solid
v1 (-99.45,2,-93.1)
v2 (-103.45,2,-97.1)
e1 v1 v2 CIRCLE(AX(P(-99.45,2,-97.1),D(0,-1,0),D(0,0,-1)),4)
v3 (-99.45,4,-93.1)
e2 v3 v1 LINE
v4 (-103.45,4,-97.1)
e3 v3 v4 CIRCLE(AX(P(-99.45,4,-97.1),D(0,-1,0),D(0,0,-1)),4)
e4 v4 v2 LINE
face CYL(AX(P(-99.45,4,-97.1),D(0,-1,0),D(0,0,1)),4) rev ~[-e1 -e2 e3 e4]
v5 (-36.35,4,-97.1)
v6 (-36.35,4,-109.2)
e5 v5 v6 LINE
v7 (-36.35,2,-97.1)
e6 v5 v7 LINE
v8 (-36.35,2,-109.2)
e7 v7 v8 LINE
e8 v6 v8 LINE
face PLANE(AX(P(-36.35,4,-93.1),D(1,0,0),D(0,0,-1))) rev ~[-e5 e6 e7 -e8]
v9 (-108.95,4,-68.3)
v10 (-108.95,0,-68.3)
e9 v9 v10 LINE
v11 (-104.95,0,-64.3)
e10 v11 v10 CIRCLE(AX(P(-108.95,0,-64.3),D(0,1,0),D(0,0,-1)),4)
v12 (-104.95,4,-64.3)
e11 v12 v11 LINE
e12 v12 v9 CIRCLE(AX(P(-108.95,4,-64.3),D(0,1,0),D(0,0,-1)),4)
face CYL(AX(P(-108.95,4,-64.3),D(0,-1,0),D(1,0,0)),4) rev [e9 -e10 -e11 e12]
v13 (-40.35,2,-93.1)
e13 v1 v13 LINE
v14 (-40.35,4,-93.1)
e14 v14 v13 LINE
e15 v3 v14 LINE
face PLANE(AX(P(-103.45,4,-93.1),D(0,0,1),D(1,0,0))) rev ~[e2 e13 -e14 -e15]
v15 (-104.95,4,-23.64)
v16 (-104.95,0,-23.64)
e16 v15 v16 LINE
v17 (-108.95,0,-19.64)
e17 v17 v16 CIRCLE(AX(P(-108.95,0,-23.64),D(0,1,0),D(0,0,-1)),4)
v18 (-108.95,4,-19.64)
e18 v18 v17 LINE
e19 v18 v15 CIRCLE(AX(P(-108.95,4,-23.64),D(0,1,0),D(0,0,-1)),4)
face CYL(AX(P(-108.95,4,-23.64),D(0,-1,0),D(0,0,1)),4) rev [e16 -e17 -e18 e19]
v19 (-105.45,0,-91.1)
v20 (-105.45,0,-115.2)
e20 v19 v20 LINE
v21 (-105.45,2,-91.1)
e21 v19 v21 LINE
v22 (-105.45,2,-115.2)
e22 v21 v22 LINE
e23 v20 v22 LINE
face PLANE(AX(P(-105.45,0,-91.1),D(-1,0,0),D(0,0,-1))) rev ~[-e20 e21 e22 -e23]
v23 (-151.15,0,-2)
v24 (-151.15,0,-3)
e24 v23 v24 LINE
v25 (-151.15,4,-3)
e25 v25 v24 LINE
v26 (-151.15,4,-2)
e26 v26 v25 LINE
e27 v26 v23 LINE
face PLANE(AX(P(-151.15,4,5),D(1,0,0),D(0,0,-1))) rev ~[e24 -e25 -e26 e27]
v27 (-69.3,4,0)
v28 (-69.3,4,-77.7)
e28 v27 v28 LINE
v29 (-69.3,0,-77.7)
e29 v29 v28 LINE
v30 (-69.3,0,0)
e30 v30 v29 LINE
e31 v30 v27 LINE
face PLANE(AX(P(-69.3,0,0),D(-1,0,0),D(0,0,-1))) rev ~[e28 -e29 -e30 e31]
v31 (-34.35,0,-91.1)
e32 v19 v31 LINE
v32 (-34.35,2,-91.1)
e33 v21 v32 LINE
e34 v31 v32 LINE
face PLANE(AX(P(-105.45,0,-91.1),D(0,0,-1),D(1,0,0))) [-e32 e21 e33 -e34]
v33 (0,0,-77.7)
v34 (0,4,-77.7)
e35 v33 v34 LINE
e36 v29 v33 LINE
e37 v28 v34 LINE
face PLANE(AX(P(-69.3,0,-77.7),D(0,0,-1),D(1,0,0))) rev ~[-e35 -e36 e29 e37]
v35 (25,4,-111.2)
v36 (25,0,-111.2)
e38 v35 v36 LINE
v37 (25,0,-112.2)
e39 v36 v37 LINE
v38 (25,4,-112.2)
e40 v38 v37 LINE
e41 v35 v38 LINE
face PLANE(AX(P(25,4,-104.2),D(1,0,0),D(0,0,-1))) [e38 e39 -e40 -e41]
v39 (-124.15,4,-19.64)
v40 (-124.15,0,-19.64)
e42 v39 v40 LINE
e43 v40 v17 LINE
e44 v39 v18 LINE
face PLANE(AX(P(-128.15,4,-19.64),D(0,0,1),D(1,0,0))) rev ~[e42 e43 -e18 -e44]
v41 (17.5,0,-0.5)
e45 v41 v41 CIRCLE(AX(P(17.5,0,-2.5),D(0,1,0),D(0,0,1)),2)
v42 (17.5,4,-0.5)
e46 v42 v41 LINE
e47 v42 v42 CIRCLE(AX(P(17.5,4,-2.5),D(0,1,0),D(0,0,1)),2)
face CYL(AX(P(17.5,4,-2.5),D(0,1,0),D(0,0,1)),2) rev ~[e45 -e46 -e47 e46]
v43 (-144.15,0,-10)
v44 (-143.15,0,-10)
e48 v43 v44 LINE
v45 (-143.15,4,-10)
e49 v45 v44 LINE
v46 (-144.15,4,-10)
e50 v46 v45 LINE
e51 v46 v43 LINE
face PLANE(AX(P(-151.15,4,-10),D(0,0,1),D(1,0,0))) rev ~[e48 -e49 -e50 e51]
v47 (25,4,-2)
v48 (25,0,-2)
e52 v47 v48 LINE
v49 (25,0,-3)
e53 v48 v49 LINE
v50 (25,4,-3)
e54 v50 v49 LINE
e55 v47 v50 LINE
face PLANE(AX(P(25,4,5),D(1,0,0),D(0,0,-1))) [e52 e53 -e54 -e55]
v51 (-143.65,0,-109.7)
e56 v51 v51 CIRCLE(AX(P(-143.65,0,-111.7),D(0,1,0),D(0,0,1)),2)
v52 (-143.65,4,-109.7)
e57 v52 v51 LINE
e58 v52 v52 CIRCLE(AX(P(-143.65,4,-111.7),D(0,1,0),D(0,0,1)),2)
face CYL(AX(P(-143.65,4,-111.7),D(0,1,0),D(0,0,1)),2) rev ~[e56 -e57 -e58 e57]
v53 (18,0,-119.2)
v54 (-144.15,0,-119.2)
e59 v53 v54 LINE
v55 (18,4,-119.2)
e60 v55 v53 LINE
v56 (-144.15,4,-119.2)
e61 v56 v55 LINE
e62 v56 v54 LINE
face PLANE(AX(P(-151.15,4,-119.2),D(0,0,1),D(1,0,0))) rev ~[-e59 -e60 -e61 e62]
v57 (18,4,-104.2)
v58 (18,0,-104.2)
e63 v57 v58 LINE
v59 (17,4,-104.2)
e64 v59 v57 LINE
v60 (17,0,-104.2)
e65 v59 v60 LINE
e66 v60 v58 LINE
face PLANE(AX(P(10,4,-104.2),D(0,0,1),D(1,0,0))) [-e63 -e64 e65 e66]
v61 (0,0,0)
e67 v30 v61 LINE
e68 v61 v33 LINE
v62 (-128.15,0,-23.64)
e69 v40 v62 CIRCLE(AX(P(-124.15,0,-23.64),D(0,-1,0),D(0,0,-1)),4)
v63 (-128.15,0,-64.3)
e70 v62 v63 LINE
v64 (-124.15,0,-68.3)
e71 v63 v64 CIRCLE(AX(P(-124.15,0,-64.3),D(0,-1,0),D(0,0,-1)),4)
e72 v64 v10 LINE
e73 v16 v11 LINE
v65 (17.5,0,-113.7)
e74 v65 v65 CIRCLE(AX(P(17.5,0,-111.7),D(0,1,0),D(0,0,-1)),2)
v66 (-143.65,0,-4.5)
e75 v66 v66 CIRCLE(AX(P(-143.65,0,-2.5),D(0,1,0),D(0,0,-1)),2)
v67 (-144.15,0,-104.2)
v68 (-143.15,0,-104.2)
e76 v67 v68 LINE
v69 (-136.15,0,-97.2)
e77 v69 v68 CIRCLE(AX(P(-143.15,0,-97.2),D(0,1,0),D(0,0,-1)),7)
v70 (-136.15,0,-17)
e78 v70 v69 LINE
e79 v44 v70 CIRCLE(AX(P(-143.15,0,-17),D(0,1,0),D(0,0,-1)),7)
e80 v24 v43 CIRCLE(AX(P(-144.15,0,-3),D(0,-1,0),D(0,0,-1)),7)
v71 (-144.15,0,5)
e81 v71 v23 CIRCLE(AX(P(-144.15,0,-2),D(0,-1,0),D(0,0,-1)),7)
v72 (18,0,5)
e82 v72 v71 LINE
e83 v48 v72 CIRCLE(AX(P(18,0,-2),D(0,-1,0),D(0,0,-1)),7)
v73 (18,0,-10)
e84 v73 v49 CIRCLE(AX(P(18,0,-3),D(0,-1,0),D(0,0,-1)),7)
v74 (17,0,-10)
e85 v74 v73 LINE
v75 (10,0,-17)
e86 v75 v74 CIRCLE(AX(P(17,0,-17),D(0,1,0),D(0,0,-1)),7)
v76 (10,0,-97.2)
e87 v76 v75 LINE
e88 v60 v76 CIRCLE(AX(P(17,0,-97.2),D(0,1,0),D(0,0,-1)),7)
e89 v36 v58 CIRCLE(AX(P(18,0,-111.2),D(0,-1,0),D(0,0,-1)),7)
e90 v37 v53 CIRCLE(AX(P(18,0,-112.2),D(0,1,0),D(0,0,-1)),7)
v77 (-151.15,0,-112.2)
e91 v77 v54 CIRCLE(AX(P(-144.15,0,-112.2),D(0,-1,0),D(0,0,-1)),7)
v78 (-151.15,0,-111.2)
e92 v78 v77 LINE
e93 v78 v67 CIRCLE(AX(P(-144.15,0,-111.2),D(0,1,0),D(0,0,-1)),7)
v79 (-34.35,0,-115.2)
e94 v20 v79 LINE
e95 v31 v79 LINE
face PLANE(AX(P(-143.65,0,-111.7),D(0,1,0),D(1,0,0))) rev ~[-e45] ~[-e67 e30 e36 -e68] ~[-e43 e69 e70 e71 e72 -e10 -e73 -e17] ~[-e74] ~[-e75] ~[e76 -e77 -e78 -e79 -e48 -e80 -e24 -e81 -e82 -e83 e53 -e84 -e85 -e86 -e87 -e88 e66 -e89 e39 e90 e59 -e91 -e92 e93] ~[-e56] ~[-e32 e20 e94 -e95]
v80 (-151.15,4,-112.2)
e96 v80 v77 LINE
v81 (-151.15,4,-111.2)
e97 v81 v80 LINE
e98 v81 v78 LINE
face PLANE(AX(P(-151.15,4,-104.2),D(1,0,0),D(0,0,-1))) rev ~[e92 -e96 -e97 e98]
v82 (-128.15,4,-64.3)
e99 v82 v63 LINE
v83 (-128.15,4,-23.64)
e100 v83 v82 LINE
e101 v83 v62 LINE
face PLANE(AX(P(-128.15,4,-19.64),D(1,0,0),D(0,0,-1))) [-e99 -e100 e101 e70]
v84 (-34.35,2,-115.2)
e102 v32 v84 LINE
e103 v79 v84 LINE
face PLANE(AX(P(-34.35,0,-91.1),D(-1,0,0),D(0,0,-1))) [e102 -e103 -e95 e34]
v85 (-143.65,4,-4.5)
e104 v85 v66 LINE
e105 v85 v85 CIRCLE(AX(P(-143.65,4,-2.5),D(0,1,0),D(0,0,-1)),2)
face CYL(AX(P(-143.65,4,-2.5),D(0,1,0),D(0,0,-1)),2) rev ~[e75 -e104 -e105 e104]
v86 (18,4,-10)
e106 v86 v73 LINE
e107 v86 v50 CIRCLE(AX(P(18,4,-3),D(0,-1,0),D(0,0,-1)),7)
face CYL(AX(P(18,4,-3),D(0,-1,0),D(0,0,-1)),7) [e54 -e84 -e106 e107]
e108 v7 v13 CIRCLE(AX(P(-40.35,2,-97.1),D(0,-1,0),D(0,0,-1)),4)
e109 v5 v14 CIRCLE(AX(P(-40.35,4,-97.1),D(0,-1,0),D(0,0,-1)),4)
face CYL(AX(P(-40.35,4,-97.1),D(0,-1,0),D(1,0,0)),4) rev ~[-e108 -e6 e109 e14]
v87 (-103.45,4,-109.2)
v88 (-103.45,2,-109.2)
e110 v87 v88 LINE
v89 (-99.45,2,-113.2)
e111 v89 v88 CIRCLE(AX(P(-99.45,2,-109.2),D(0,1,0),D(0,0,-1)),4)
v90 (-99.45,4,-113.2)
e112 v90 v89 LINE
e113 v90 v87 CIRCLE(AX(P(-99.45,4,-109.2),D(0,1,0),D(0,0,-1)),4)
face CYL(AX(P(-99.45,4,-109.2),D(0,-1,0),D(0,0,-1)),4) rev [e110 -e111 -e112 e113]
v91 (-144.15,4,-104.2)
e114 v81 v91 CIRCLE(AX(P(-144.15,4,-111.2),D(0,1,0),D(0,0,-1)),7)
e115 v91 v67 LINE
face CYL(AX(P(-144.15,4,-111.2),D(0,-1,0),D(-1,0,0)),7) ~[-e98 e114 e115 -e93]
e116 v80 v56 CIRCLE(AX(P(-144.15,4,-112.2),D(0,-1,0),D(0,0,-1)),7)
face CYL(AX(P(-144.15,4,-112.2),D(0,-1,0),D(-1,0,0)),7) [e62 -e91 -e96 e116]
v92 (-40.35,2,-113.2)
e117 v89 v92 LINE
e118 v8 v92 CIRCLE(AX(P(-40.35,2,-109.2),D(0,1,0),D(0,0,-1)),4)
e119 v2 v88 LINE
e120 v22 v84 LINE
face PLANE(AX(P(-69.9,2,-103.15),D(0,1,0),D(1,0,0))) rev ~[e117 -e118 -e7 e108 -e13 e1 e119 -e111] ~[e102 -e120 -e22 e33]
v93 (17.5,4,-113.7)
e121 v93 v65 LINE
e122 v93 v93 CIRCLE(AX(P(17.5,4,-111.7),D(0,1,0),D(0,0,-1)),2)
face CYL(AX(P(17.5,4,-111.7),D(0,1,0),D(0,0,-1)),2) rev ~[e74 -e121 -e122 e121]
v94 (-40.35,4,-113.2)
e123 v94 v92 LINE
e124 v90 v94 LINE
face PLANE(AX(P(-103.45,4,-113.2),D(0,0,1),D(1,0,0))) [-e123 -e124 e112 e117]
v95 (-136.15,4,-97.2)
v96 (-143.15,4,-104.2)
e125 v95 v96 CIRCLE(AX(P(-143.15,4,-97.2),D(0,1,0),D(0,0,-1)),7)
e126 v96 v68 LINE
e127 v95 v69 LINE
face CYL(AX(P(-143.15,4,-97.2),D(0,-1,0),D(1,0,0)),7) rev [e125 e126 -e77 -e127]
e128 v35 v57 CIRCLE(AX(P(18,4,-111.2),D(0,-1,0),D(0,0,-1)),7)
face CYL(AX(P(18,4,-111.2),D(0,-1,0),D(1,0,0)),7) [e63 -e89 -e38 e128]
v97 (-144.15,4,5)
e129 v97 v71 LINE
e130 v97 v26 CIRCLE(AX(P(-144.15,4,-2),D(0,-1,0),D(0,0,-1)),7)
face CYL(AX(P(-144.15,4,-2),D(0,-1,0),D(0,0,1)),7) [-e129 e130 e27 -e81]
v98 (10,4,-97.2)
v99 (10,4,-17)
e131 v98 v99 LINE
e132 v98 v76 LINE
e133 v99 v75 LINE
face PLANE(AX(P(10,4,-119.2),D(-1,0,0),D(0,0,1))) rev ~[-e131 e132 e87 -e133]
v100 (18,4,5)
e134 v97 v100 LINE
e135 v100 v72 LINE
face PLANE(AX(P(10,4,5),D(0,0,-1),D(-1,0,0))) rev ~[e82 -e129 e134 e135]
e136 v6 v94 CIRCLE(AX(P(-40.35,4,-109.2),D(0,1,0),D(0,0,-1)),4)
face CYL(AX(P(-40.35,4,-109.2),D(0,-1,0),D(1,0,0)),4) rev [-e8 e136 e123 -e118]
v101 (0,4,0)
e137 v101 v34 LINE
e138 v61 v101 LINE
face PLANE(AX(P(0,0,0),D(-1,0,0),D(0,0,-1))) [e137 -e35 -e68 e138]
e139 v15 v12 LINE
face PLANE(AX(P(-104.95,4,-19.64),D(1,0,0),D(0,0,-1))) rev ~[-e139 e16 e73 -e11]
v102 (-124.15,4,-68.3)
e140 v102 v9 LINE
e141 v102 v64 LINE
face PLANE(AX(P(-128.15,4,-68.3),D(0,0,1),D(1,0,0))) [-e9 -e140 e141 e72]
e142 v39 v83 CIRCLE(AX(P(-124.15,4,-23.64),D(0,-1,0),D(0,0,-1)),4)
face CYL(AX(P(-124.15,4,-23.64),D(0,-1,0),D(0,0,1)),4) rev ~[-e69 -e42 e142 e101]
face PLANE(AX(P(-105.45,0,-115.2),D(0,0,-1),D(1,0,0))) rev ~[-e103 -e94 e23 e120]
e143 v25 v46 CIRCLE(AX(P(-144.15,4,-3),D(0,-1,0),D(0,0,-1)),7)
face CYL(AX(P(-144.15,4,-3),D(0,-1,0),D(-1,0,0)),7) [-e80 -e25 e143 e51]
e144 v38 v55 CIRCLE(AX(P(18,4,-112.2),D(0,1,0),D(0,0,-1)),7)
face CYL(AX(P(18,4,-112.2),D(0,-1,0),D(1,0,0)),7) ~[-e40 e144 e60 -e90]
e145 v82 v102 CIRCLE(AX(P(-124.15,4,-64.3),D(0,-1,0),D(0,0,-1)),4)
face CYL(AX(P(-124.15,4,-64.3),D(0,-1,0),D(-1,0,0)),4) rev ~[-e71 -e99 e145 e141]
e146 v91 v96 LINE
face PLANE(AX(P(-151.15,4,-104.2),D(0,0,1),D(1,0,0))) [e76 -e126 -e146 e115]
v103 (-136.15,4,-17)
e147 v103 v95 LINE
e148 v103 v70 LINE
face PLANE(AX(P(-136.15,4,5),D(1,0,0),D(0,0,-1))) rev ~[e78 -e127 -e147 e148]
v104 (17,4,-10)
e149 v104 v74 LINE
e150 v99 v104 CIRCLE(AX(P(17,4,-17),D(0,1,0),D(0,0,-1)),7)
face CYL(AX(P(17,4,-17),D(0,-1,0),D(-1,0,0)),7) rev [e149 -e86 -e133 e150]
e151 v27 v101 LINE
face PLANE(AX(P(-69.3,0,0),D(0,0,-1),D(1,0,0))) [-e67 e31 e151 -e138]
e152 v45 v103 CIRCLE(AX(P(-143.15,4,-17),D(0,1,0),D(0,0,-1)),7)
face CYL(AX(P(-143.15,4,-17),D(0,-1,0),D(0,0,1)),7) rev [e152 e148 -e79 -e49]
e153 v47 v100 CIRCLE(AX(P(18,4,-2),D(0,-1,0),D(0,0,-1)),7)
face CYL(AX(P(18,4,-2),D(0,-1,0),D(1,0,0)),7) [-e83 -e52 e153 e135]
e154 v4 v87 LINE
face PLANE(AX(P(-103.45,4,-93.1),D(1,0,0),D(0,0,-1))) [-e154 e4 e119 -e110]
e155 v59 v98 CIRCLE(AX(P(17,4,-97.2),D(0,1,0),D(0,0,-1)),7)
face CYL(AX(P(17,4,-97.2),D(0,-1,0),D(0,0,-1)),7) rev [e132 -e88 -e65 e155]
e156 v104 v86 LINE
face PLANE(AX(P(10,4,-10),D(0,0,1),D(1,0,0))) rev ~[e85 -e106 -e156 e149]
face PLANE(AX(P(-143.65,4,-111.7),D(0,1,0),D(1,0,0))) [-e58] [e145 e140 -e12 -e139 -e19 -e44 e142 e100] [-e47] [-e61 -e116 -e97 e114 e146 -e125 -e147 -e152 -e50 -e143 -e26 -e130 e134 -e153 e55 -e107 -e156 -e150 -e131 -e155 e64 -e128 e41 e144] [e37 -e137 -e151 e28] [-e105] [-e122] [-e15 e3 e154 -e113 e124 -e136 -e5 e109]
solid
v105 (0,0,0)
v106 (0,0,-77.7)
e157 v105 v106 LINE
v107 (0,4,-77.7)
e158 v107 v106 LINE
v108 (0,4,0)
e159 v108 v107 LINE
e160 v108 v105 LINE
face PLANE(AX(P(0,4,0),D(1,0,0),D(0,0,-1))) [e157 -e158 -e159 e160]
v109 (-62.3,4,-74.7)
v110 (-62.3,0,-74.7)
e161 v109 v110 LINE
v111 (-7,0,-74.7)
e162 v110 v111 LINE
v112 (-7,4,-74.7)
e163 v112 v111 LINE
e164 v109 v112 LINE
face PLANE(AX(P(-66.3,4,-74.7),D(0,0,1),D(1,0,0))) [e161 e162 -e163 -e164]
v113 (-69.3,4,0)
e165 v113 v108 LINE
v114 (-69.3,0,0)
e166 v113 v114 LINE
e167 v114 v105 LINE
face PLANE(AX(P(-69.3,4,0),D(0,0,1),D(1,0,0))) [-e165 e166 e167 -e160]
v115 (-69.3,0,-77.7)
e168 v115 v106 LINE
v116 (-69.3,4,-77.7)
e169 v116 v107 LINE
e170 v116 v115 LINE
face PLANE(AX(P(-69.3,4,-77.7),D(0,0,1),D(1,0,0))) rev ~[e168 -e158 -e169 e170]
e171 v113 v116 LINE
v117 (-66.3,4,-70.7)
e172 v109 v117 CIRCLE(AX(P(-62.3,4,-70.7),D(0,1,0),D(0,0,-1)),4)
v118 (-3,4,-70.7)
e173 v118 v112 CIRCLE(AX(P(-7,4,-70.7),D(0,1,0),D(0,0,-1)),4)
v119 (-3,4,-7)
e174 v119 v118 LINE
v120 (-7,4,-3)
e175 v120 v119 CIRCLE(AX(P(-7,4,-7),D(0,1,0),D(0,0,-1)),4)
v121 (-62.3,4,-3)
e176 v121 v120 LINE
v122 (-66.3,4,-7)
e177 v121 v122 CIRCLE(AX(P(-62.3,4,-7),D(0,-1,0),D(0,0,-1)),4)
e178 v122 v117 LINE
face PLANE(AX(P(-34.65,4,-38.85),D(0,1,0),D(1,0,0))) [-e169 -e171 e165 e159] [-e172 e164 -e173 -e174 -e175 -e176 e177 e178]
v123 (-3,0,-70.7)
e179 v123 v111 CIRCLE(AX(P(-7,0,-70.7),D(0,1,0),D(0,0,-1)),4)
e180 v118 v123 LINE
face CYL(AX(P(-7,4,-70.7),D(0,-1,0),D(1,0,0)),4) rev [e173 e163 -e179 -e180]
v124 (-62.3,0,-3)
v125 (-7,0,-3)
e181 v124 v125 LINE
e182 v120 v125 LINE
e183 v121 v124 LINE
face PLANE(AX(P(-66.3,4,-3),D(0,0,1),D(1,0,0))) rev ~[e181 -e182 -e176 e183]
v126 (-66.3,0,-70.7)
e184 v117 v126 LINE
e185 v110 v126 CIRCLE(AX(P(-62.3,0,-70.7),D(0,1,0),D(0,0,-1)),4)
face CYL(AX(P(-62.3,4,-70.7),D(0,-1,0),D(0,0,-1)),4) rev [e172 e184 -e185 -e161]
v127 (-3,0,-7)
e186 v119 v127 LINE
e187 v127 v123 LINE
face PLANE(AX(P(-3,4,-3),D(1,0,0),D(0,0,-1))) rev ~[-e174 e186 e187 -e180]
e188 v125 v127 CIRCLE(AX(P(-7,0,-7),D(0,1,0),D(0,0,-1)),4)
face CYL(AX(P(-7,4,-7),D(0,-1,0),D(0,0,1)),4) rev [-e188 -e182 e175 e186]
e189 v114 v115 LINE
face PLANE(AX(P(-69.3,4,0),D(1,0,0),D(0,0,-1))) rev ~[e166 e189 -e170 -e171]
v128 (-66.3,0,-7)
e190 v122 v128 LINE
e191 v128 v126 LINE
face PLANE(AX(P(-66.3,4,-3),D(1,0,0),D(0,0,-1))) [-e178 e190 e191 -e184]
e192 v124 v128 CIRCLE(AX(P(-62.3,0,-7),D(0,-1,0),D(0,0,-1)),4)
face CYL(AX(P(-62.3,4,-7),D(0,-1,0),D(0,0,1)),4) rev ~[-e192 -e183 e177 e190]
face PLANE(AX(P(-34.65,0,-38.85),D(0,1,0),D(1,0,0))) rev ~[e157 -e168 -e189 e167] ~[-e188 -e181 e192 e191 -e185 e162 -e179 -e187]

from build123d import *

# Parameters (mm, degrees)
SKETCH1_W               = 164.15
SKETCH1_H               = 135.2
SKETCH1_W_2             = 69.3
SKETCH1_H_2             = 77.7
SKETCH1_W_3             = 71.1
SKETCH1_H_3             = 24.1
SKETCH1_W_4             = 15.2
SKETCH1_H_4             = 40.66
BOSS_EXTRUDE1_DEPTH     = 4
SKETCH3_W               = 75.1
SKETCH3_H               = 28.1
SKETCH3_W_2             = 67.1
SKETCH3_H_2             = 20.1
EXTRUDE_THIN1_DEPTH     = 2
SKETCH4_W               = 23.2
SKETCH4_H               = 48.66
SKETCH4_W_2             = 15.2
SKETCH4_H_2             = 40.66
CUT_EXTRUDE_THIN1_DEPTH = 10
CUT_EXTRUDE4_DEPTH      = 4
FILLET3_R               = 4
SKETCH9_W               = 15
SKETCH9_H               = 15
SKETCH9_R               = 2
BOSS_EXTRUDE5_DEPTH     = 4
FILLET4_R               = 7
SKETCH10_W              = 69.3
SKETCH10_H              = 77.7
SKETCH10_W_2            = 63.3
SKETCH10_H_2            = 71.7
EXTRUDE_THIN2_DEPTH     = 4
FILLET5_R               = 4


with BuildPart() as part:
    # Sketch1 → Boss-Extrude1 (new body)
    with BuildSketch(Plane(origin=(0, 0, 0), x_dir=(1, 0, 0), z_dir=(0, 1, 0))):
        with Locations((-62.075, 57.6)):
            Rectangle(SKETCH1_W, SKETCH1_H)
        with Locations((-34.65, 38.85)):
            Rectangle(SKETCH1_W_2, SKETCH1_H_2, mode=Mode.SUBTRACT)
        with Locations((-69.9, 103.15)):
            Rectangle(SKETCH1_W_3, SKETCH1_H_3, mode=Mode.SUBTRACT)
        with Locations((-116.55, 43.97)):
            Rectangle(SKETCH1_W_4, SKETCH1_H_4, mode=Mode.SUBTRACT)
    extrude(amount=BOSS_EXTRUDE1_DEPTH)

    # Sketch3 → Extrude-Thin1 (add)
    with BuildSketch(Plane(origin=(0, 4, 0), x_dir=(1, 0, 0), z_dir=(0, 1, 0))):
        with Locations((-69.9, 103.15)):
            Rectangle(SKETCH3_W, SKETCH3_H)
        with Locations((-69.9, 103.15)):
            Rectangle(SKETCH3_W_2, SKETCH3_H_2, mode=Mode.SUBTRACT)
    extrude(amount=-EXTRUDE_THIN1_DEPTH)

    # Sketch4 → Cut-Extrude-Thin1 (cut)
    with BuildSketch(Plane(origin=(0, 4, 0), x_dir=(1, 0, 0), z_dir=(0, 1, 0))):
        with Locations((-116.55, 43.97)):
            Rectangle(SKETCH4_W, SKETCH4_H)
        with Locations((-116.55, 43.97)):
            Rectangle(SKETCH4_W_2, SKETCH4_H_2, mode=Mode.SUBTRACT)
    extrude(amount=-CUT_EXTRUDE_THIN1_DEPTH, mode=Mode.SUBTRACT)

    # Sketch8 → Cut-Extrude4 (cut)
    with BuildSketch(Plane(origin=(0, 4, 0), x_dir=(1, 0, 0), z_dir=(0, 1, 0))):
        Polygon((-136.15, 119.2), (-144.15, 119.2), (-144.15, -5), (-136.15, -5), (-136.15, 68.3), align=None)
        Polygon((20, -5), (20, 119.2), (10, 119.2), (10, 77.7), (10, -5), align=None)
        Polygon((-136.15, -5), (-144.15, -5), (-144.15, -10), (20, -10), (20, -5), (10, -5), align=None)
        Polygon((20, 125.2), (-144.15, 125.2), (-144.15, 119.2), (-136.15, 119.2), (10, 119.2), (20, 119.2), align=None)
    extrude(amount=-CUT_EXTRUDE4_DEPTH, mode=Mode.SUBTRACT)

    # Fillet3
    fillet3_edges = [part.edges().sort_by_distance(p)[0] for p in [
        (-103.45, 3, -113.2),
        (-36.35, 3, -113.2),
        (-36.35, 3, -93.1),
        (-103.45, 3, -93.1),
        (-128.15, 2, -19.64),
        (-128.15, 2, -68.3),
        (-104.95, 2, -68.3),
        (-104.95, 2, -19.64),
    ]]
    fillet(fillet3_edges, radius=FILLET3_R)

    # Sketch9 → Boss-Extrude5 (add)
    # profile 1 of 4: a face of its own
    with BuildSketch(Plane(origin=(0, 4, 0), x_dir=(1, 0, 0), z_dir=(0, 1, 0))):
        with Locations((-143.65, 111.7)):
            Rectangle(SKETCH9_W, SKETCH9_H)
        with Locations(Location((-143.65, 111.7, 0), (0, 0, 270))):
            Circle(SKETCH9_R, mode=Mode.SUBTRACT)
    # profile 2 of 4: a face of its own
    with BuildSketch(Plane(origin=(0, 4, 0), x_dir=(1, 0, 0), z_dir=(0, 1, 0))):
        with Locations((17.5, 111.7)):
            Rectangle(SKETCH9_W, SKETCH9_H)
        with Locations(Location((17.5, 111.7, 0), (0, 0, 90))):
            Circle(SKETCH9_R, mode=Mode.SUBTRACT)
    # profile 3 of 4: a face of its own
    with BuildSketch(Plane(origin=(0, 4, 0), x_dir=(1, 0, 0), z_dir=(0, 1, 0))):
        with Locations((17.5, 2.5)):
            Rectangle(SKETCH9_W, SKETCH9_H)
        with Locations(Location((17.5, 2.5, 0), (0, 0, 270))):
            Circle(SKETCH9_R, mode=Mode.SUBTRACT)
    # profile 4 of 4: a face of its own
    with BuildSketch(Plane(origin=(0, 4, 0), x_dir=(1, 0, 0), z_dir=(0, 1, 0))):
        with Locations((-143.65, 2.5)):
            Rectangle(SKETCH9_W, SKETCH9_H)
        with Locations(Location((-143.65, 2.5, 0), (0, 0, 90))):
            Circle(SKETCH9_R, mode=Mode.SUBTRACT)
    extrude(amount=-BOSS_EXTRUDE5_DEPTH)

    # Fillet4
    fillet4_edges = [part.edges().sort_by_distance(p)[0] for p in [
        (-136.15, 2, -104.2),
        (-151.15, 2, -104.2),
        (-151.15, 2, -119.2),
        (25, 2, -119.2),
        (25, 2, -104.2),
        (10, 2, -104.2),
        (10, 2, -10),
        (25, 2, -10),
        (25, 2, 5),
        (-151.15, 2, 5),
        (-151.15, 2, -10),
        (-136.15, 2, -10),
    ]]
    fillet(fillet4_edges, radius=FILLET4_R)


with BuildPart() as body_2:
    # Sketch10 → Extrude-Thin2 (new body)
    with BuildSketch(Plane(origin=(0, 4, 0), x_dir=(1, 0, 0), z_dir=(0, 1, 0))):
        with Locations((-34.65, 38.85)):
            Rectangle(SKETCH10_W, SKETCH10_H)
        with Locations((-34.65, 38.85)):
            Rectangle(SKETCH10_W_2, SKETCH10_H_2, mode=Mode.SUBTRACT)
    extrude(amount=-EXTRUDE_THIN2_DEPTH)

    # Fillet5
    fillet5_edges = [body_2.edges().sort_by_distance(p)[0] for p in [
        (-66.3, 2, -3),
        (-66.3, 2, -74.7),
        (-3, 2, -74.7),
        (-3, 2, -3),
    ]]
    fillet(fillet5_edges, radius=FILLET5_R)


solid = Compound([part.part, body_2.part])
